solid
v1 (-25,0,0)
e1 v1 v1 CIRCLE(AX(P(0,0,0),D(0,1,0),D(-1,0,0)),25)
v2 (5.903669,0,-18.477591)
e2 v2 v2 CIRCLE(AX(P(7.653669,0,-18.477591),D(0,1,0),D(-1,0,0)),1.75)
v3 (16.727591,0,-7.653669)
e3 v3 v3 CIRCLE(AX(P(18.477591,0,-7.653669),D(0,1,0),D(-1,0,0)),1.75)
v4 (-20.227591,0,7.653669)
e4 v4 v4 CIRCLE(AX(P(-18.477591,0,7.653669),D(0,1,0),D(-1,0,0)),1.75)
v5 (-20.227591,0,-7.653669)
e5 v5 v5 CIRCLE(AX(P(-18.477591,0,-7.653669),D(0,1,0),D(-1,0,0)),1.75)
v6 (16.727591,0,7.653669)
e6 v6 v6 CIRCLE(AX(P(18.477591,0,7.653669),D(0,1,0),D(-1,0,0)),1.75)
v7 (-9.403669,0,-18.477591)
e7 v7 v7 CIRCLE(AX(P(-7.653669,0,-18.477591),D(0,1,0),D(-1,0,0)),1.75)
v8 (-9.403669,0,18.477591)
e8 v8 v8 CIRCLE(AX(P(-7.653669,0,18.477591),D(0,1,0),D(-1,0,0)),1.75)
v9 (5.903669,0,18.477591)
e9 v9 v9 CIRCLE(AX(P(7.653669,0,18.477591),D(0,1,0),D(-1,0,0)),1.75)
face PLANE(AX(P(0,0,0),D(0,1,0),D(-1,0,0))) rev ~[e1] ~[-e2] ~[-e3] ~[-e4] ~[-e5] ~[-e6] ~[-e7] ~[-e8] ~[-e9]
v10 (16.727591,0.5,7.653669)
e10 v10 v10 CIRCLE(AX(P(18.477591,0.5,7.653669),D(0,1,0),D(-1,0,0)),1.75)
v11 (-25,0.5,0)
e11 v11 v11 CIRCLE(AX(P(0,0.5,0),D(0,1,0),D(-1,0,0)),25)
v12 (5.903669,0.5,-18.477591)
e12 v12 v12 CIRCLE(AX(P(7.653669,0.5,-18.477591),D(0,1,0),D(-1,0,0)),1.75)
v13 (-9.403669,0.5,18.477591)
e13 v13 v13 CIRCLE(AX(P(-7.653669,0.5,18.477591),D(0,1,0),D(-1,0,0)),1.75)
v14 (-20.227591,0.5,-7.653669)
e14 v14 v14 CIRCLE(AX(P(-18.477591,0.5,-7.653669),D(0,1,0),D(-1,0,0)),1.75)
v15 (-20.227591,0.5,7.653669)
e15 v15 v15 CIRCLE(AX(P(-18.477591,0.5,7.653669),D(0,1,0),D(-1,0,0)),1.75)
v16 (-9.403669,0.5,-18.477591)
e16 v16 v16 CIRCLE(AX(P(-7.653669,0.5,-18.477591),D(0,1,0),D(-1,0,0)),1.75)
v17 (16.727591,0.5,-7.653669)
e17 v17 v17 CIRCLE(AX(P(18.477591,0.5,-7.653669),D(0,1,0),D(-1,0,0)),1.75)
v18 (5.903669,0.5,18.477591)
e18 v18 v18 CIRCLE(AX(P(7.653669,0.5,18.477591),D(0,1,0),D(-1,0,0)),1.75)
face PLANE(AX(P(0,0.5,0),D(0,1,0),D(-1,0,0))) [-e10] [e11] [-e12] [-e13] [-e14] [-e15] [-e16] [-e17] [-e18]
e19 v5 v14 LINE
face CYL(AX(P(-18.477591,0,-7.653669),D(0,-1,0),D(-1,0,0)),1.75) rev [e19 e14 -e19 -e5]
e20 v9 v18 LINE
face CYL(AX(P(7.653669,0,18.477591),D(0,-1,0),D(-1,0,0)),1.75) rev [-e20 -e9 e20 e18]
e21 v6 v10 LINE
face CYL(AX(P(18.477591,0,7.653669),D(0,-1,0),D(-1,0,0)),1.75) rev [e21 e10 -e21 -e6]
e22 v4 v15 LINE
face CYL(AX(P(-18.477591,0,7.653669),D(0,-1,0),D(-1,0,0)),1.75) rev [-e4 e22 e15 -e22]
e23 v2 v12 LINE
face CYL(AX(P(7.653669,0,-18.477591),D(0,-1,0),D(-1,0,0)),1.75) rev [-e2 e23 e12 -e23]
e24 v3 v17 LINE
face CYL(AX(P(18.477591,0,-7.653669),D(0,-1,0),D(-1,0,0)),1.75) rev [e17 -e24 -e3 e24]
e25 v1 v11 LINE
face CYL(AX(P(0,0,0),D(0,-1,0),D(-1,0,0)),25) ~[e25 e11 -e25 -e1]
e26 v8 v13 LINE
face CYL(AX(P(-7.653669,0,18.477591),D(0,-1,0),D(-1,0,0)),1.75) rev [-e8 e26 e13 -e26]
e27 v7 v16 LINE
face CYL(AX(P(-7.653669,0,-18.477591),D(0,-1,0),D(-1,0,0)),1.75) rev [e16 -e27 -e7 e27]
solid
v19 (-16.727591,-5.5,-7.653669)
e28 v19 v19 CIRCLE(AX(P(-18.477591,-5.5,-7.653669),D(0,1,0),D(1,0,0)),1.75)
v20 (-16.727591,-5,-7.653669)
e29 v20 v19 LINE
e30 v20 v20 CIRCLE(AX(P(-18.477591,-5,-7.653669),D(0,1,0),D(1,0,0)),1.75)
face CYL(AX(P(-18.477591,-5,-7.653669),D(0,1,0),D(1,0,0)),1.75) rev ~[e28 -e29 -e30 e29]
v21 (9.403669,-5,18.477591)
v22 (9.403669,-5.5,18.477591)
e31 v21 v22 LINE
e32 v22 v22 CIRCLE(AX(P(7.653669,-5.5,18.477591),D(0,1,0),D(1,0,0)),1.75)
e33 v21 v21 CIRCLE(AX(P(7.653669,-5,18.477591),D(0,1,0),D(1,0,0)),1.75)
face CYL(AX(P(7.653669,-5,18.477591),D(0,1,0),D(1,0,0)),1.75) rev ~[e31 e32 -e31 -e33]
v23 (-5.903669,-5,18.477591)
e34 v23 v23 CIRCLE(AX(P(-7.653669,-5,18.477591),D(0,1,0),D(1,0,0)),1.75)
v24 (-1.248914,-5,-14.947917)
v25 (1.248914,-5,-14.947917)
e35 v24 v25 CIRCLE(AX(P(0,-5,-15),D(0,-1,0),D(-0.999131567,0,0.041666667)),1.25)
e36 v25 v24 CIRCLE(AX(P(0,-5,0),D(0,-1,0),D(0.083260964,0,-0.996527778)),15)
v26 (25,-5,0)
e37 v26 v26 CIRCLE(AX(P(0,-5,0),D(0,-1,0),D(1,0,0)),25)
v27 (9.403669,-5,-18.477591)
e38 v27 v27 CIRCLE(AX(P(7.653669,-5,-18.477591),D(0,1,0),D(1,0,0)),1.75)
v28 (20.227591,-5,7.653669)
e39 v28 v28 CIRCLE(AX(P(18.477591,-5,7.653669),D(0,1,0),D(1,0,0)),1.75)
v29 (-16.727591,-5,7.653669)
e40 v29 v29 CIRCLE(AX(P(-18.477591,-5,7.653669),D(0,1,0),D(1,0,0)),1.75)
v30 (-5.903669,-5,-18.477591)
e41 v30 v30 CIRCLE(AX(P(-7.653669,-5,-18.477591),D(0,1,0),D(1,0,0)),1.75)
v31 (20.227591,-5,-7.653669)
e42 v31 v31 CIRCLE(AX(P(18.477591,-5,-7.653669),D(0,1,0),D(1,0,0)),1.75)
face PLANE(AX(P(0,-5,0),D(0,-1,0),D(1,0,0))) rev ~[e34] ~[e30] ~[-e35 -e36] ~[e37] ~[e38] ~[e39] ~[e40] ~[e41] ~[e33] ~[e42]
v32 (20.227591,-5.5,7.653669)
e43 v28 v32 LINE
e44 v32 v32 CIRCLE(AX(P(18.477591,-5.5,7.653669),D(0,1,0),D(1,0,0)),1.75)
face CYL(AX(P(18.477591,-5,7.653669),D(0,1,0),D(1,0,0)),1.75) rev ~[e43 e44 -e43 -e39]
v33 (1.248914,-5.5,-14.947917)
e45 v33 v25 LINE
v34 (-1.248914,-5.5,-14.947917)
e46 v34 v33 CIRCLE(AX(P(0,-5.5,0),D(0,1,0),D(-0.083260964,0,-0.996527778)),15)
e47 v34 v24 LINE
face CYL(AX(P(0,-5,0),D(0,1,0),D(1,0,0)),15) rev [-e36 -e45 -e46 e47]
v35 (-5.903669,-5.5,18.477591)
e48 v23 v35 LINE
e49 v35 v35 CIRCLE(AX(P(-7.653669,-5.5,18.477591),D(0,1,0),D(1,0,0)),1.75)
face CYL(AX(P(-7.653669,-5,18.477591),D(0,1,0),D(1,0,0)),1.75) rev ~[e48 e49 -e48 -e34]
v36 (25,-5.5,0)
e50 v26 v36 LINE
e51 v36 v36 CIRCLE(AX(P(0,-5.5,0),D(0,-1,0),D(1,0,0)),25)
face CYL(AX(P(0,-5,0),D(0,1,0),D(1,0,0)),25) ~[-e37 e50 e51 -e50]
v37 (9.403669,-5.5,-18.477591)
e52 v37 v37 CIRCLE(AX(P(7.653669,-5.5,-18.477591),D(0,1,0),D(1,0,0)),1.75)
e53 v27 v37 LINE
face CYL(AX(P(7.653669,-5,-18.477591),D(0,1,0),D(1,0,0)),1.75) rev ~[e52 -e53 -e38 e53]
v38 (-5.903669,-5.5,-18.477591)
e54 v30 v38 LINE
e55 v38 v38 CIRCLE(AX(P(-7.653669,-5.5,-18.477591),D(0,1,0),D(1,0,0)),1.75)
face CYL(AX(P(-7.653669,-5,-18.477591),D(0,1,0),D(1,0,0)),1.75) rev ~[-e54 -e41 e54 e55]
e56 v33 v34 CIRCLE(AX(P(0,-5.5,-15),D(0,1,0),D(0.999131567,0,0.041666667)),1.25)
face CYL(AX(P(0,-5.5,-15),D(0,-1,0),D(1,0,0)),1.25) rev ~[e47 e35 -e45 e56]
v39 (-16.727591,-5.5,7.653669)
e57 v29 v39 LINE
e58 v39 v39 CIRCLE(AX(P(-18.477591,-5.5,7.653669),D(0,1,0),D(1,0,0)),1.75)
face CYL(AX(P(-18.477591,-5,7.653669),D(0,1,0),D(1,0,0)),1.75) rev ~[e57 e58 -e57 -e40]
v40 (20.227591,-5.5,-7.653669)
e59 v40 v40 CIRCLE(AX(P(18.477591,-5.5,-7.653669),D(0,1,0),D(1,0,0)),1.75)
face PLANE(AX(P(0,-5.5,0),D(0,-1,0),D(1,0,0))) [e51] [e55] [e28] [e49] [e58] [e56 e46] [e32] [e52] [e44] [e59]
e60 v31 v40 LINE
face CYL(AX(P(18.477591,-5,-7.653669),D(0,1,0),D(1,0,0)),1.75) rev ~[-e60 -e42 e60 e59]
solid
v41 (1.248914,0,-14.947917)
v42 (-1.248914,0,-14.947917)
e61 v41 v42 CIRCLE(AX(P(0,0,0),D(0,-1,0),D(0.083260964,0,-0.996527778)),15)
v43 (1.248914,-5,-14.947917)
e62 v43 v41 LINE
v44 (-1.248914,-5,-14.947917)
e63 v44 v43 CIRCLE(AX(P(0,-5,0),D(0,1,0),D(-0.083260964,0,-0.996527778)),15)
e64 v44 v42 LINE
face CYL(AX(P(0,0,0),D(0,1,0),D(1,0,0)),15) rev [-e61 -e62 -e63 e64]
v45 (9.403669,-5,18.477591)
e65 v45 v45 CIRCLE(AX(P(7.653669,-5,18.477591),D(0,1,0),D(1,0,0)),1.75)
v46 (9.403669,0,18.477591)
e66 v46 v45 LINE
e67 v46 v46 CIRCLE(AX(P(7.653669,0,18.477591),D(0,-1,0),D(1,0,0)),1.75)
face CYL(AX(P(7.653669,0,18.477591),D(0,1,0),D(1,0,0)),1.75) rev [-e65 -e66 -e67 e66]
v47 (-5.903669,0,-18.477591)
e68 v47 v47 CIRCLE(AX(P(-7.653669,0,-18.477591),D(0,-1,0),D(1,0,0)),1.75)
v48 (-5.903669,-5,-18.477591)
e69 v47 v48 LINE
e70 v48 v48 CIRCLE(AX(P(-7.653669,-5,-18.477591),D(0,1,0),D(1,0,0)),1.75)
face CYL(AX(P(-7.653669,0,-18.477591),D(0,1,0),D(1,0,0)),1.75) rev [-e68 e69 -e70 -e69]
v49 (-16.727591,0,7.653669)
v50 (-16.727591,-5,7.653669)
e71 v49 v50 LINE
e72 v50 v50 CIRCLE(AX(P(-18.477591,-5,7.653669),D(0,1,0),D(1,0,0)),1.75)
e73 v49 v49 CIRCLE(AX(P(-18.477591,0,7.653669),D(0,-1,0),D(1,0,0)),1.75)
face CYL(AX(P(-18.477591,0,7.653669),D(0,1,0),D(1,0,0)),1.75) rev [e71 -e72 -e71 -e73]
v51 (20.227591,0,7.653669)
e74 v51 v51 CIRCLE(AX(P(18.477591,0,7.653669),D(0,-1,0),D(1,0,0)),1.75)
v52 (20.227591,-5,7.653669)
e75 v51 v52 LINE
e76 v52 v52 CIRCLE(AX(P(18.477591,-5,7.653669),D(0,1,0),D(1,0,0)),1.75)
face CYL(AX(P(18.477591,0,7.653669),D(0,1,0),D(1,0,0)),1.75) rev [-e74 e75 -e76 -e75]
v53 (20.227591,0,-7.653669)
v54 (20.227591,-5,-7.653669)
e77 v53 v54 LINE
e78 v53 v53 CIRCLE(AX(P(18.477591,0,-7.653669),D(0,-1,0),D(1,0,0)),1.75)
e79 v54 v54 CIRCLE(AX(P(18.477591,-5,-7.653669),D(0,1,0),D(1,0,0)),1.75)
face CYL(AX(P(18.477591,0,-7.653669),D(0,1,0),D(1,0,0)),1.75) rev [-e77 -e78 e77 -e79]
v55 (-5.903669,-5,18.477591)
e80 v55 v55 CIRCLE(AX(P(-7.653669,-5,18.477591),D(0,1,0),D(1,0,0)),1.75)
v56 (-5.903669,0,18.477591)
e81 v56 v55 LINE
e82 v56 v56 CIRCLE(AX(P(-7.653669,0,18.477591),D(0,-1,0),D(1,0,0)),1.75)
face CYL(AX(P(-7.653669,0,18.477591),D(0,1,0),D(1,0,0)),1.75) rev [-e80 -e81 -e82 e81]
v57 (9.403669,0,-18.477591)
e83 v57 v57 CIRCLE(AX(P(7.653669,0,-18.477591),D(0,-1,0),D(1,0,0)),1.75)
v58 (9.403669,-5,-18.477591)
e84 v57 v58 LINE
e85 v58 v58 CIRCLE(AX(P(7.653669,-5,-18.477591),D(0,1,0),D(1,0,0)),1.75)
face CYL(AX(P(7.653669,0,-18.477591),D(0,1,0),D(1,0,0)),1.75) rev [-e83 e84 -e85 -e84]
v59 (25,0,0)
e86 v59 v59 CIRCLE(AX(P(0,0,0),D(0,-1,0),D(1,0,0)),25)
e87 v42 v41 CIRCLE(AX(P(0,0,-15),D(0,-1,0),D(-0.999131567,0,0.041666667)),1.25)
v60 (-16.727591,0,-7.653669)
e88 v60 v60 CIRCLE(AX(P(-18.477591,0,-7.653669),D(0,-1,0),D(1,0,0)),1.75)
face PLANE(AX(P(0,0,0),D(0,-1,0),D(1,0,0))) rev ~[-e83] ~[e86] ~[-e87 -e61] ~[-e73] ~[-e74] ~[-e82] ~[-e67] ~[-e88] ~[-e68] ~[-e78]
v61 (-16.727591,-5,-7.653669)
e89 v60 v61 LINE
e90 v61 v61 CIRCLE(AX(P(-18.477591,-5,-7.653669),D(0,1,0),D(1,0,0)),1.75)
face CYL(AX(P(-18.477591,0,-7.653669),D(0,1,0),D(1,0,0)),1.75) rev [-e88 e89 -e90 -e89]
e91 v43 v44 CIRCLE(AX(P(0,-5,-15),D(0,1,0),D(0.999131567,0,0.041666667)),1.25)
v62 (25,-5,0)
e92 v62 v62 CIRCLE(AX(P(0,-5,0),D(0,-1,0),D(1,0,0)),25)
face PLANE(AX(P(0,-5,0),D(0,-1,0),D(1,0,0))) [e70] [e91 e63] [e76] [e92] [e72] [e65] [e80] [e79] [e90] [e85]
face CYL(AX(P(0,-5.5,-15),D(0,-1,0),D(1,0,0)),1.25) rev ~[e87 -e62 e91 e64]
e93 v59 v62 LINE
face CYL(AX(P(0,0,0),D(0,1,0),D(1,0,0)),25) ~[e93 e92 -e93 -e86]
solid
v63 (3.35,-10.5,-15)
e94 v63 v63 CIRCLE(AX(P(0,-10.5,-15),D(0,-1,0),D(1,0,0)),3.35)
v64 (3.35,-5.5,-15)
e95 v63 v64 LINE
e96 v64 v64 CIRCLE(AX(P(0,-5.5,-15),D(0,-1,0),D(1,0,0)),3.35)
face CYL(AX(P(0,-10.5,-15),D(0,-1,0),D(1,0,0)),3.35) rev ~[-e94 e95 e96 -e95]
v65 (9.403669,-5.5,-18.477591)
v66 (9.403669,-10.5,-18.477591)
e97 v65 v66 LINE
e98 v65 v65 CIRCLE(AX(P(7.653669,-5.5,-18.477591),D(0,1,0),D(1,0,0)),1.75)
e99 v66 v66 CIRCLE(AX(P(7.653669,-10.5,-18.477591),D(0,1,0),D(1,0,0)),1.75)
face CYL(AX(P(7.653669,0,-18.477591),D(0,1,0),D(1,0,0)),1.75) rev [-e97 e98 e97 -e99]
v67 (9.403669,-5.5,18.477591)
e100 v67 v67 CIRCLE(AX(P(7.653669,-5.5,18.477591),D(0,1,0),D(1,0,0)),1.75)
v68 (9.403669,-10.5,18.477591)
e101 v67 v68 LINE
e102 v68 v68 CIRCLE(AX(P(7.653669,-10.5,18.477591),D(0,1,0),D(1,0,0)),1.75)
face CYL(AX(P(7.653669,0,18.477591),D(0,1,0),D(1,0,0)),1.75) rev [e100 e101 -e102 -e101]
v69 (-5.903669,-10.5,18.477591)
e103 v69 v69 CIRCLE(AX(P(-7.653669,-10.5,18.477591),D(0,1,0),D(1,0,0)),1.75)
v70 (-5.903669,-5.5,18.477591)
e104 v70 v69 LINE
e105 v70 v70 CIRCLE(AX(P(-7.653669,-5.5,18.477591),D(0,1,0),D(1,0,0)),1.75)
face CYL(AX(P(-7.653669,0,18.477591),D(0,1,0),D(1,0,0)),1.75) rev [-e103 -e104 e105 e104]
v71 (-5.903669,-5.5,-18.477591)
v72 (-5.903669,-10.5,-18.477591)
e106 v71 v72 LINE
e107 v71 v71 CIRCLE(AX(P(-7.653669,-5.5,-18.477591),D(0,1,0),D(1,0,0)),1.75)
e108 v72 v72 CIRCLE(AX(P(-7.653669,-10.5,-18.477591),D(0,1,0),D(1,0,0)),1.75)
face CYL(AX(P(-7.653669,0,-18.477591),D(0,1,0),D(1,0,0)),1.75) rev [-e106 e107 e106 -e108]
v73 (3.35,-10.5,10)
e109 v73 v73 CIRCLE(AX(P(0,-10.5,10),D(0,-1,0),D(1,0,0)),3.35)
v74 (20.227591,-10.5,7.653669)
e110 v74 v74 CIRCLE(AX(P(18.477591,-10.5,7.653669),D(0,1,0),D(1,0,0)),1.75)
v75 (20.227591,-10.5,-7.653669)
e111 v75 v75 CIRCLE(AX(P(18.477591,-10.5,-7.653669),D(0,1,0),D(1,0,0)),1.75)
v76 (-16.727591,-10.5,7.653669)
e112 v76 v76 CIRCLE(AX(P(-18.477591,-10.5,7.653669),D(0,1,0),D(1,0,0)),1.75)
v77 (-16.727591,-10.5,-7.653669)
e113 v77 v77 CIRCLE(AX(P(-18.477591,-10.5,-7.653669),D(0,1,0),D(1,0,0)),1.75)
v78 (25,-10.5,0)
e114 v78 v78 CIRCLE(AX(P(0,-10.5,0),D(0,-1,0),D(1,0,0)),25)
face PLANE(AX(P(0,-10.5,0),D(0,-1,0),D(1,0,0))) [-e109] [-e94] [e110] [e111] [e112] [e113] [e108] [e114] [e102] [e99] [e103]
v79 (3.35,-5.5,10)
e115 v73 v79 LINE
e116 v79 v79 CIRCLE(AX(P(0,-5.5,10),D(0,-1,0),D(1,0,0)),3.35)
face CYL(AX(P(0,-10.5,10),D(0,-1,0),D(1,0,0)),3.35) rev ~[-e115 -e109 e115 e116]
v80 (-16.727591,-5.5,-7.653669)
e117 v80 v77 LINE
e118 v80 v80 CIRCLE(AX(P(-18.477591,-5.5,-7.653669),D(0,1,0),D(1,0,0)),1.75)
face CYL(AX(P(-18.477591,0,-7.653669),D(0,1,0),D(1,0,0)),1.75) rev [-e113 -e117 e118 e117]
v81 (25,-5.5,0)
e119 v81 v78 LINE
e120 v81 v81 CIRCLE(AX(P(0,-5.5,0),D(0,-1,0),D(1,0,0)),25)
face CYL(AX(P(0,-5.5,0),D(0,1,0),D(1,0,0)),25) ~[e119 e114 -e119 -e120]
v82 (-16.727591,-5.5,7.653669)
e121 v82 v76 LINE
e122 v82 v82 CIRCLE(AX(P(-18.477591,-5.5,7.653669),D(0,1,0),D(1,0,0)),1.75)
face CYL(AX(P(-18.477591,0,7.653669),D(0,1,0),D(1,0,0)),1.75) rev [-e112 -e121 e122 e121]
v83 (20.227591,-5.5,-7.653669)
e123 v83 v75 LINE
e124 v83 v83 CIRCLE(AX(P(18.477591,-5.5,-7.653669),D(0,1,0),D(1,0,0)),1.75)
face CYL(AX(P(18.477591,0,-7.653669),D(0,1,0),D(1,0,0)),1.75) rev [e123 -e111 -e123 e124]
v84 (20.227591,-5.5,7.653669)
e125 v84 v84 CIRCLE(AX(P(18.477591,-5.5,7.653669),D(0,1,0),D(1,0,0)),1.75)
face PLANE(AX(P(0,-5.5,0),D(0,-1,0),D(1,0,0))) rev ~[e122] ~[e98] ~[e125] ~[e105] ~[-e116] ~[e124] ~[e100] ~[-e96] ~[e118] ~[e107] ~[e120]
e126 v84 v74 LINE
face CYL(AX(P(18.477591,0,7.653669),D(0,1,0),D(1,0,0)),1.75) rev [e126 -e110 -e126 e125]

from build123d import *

# Parameters (mm, degrees)
F1_R      = 25
F1_R_2    = 15
F2_DEPTH  = 5
F0_R      = 1.75
F3_DEPTH  = 5.001
F4_DEPTH  = 0.5
F5_R      = 25
F6_DEPTH  = 5
F7_DEPTH  = 10.501
F8_R      = 3.35
F9_DEPTH  = 10.501
F10_R     = 1.25
F11_DEPTH = 5.501
F12_R     = 25
F12_R_2   = 1.75
F13_DEPTH = 0.5


with BuildPart() as f2:
    # F1 (on Front) → F2 (new body)
    with BuildSketch(Plane.XZ):
        Circle(F1_R)
        Circle(F1_R_2, mode=Mode.SUBTRACT)
    extrude(amount=F2_DEPTH)

    # F0 (on Front) → F3 (cut, through all)
    with BuildSketch(Plane.XZ):
        with Locations((7.6536686473, -18.4775906502)):
            Circle(F0_R)
        with Locations((18.4775906502, -7.6536686473)):
            Circle(F0_R)
        with Locations((18.4775906502, 7.6536686473)):
            Circle(F0_R)
        with Locations((7.6536686473, 18.4775906502)):
            Circle(F0_R)
        with Locations((-7.6536686473, 18.4775906502)):
            Circle(F0_R)
        with Locations((-18.4775906502, 7.6536686473)):
            Circle(F0_R)
        with Locations((-18.4775906502, -7.6536686473)):
            Circle(F0_R)
        with Locations((-7.6536686473, -18.4775906502)):
            Circle(F0_R)
    extrude(amount=F3_DEPTH, mode=Mode.SUBTRACT)


with BuildPart() as f4:
    # F4 (new): a face of the model
    f4_faces = [f2.part.faces().sort_by_distance(p)[0] for p in [
        (-24.2928932188, -5, 0),
    ]]
    extrude(f4_faces, amount=F4_DEPTH)


with BuildPart() as f6:
    # F5 (on face) → F6 (new body)
    with BuildSketch(Plane.XZ.offset(5.5)):
        Circle(F5_R)
    extrude(amount=F6_DEPTH)

    # F0 (on Front) → F7 (cut, through all)
    with BuildSketch(Plane.XZ):
        with Locations((7.6536686473, -18.4775906502)):
            Circle(F0_R)
        with Locations((18.4775906502, -7.6536686473)):
            Circle(F0_R)
        with Locations((18.4775906502, 7.6536686473)):
            Circle(F0_R)
        with Locations((7.6536686473, 18.4775906502)):
            Circle(F0_R)
        with Locations((-7.6536686473, 18.4775906502)):
            Circle(F0_R)
        with Locations((-18.4775906502, 7.6536686473)):
            Circle(F0_R)
        with Locations((-18.4775906502, -7.6536686473)):
            Circle(F0_R)
        with Locations((-7.6536686473, -18.4775906502)):
            Circle(F0_R)
    extrude(amount=F7_DEPTH, mode=Mode.SUBTRACT)

    # F8 (on face) → F9 (cut, through all)
    with BuildSketch(Plane.XZ.offset(10.5)):
        with Locations((0, 10)):
            Circle(F8_R)
        with Locations((0, -15)):
            Circle(F8_R)
    extrude(amount=-F9_DEPTH, mode=Mode.SUBTRACT)


with BuildPart() as f11_tool:
    # F10 (on face) → F11 (new body, through all)
    with BuildSketch(Plane.XZ.offset(5.5)):
        with Locations((0, -15)):
            Circle(F10_R)
    extrude(amount=-F11_DEPTH)


with BuildPart() as f2_1:
    add(f2.part)

    # F11: cut by f11_tool
    add(f11_tool.part, mode=Mode.SUBTRACT)


with BuildPart() as f4_1:
    add(f4.part)

    # F11: cut by f11_tool
    add(f11_tool.part, mode=Mode.SUBTRACT)


with BuildPart() as f13:
    # F12 (on face) → F13 (new body)
    with BuildSketch(Plane(origin=(0, 0, 0), x_dir=(-1, 0, 0), z_dir=(0, 1, 0))):
        Circle(F12_R)
        with Locations((-7.6536686473, -18.4775906502)):
            Circle(F12_R_2, mode=Mode.SUBTRACT)
        with Locations((-18.4775906502, -7.6536686473)):
            Circle(F12_R_2, mode=Mode.SUBTRACT)
        with Locations((7.6536686473, -18.4775906502)):
            Circle(F12_R_2, mode=Mode.SUBTRACT)
        with Locations((18.4775906502, -7.6536686473)):
            Circle(F12_R_2, mode=Mode.SUBTRACT)
        with Locations((-18.4775906502, 7.6536686473)):
            Circle(F12_R_2, mode=Mode.SUBTRACT)
        with Locations((-7.6536686473, 18.4775906502)):
            Circle(F12_R_2, mode=Mode.SUBTRACT)
        with Locations((18.4775906502, 7.6536686473)):
            Circle(F12_R_2, mode=Mode.SUBTRACT)
        with Locations((7.6536686473, 18.4775906502)):
            Circle(F12_R_2, mode=Mode.SUBTRACT)
    extrude(amount=F13_DEPTH)


solid = Compound([f6.part, f2_1.part, f4_1.part, f13.part])
